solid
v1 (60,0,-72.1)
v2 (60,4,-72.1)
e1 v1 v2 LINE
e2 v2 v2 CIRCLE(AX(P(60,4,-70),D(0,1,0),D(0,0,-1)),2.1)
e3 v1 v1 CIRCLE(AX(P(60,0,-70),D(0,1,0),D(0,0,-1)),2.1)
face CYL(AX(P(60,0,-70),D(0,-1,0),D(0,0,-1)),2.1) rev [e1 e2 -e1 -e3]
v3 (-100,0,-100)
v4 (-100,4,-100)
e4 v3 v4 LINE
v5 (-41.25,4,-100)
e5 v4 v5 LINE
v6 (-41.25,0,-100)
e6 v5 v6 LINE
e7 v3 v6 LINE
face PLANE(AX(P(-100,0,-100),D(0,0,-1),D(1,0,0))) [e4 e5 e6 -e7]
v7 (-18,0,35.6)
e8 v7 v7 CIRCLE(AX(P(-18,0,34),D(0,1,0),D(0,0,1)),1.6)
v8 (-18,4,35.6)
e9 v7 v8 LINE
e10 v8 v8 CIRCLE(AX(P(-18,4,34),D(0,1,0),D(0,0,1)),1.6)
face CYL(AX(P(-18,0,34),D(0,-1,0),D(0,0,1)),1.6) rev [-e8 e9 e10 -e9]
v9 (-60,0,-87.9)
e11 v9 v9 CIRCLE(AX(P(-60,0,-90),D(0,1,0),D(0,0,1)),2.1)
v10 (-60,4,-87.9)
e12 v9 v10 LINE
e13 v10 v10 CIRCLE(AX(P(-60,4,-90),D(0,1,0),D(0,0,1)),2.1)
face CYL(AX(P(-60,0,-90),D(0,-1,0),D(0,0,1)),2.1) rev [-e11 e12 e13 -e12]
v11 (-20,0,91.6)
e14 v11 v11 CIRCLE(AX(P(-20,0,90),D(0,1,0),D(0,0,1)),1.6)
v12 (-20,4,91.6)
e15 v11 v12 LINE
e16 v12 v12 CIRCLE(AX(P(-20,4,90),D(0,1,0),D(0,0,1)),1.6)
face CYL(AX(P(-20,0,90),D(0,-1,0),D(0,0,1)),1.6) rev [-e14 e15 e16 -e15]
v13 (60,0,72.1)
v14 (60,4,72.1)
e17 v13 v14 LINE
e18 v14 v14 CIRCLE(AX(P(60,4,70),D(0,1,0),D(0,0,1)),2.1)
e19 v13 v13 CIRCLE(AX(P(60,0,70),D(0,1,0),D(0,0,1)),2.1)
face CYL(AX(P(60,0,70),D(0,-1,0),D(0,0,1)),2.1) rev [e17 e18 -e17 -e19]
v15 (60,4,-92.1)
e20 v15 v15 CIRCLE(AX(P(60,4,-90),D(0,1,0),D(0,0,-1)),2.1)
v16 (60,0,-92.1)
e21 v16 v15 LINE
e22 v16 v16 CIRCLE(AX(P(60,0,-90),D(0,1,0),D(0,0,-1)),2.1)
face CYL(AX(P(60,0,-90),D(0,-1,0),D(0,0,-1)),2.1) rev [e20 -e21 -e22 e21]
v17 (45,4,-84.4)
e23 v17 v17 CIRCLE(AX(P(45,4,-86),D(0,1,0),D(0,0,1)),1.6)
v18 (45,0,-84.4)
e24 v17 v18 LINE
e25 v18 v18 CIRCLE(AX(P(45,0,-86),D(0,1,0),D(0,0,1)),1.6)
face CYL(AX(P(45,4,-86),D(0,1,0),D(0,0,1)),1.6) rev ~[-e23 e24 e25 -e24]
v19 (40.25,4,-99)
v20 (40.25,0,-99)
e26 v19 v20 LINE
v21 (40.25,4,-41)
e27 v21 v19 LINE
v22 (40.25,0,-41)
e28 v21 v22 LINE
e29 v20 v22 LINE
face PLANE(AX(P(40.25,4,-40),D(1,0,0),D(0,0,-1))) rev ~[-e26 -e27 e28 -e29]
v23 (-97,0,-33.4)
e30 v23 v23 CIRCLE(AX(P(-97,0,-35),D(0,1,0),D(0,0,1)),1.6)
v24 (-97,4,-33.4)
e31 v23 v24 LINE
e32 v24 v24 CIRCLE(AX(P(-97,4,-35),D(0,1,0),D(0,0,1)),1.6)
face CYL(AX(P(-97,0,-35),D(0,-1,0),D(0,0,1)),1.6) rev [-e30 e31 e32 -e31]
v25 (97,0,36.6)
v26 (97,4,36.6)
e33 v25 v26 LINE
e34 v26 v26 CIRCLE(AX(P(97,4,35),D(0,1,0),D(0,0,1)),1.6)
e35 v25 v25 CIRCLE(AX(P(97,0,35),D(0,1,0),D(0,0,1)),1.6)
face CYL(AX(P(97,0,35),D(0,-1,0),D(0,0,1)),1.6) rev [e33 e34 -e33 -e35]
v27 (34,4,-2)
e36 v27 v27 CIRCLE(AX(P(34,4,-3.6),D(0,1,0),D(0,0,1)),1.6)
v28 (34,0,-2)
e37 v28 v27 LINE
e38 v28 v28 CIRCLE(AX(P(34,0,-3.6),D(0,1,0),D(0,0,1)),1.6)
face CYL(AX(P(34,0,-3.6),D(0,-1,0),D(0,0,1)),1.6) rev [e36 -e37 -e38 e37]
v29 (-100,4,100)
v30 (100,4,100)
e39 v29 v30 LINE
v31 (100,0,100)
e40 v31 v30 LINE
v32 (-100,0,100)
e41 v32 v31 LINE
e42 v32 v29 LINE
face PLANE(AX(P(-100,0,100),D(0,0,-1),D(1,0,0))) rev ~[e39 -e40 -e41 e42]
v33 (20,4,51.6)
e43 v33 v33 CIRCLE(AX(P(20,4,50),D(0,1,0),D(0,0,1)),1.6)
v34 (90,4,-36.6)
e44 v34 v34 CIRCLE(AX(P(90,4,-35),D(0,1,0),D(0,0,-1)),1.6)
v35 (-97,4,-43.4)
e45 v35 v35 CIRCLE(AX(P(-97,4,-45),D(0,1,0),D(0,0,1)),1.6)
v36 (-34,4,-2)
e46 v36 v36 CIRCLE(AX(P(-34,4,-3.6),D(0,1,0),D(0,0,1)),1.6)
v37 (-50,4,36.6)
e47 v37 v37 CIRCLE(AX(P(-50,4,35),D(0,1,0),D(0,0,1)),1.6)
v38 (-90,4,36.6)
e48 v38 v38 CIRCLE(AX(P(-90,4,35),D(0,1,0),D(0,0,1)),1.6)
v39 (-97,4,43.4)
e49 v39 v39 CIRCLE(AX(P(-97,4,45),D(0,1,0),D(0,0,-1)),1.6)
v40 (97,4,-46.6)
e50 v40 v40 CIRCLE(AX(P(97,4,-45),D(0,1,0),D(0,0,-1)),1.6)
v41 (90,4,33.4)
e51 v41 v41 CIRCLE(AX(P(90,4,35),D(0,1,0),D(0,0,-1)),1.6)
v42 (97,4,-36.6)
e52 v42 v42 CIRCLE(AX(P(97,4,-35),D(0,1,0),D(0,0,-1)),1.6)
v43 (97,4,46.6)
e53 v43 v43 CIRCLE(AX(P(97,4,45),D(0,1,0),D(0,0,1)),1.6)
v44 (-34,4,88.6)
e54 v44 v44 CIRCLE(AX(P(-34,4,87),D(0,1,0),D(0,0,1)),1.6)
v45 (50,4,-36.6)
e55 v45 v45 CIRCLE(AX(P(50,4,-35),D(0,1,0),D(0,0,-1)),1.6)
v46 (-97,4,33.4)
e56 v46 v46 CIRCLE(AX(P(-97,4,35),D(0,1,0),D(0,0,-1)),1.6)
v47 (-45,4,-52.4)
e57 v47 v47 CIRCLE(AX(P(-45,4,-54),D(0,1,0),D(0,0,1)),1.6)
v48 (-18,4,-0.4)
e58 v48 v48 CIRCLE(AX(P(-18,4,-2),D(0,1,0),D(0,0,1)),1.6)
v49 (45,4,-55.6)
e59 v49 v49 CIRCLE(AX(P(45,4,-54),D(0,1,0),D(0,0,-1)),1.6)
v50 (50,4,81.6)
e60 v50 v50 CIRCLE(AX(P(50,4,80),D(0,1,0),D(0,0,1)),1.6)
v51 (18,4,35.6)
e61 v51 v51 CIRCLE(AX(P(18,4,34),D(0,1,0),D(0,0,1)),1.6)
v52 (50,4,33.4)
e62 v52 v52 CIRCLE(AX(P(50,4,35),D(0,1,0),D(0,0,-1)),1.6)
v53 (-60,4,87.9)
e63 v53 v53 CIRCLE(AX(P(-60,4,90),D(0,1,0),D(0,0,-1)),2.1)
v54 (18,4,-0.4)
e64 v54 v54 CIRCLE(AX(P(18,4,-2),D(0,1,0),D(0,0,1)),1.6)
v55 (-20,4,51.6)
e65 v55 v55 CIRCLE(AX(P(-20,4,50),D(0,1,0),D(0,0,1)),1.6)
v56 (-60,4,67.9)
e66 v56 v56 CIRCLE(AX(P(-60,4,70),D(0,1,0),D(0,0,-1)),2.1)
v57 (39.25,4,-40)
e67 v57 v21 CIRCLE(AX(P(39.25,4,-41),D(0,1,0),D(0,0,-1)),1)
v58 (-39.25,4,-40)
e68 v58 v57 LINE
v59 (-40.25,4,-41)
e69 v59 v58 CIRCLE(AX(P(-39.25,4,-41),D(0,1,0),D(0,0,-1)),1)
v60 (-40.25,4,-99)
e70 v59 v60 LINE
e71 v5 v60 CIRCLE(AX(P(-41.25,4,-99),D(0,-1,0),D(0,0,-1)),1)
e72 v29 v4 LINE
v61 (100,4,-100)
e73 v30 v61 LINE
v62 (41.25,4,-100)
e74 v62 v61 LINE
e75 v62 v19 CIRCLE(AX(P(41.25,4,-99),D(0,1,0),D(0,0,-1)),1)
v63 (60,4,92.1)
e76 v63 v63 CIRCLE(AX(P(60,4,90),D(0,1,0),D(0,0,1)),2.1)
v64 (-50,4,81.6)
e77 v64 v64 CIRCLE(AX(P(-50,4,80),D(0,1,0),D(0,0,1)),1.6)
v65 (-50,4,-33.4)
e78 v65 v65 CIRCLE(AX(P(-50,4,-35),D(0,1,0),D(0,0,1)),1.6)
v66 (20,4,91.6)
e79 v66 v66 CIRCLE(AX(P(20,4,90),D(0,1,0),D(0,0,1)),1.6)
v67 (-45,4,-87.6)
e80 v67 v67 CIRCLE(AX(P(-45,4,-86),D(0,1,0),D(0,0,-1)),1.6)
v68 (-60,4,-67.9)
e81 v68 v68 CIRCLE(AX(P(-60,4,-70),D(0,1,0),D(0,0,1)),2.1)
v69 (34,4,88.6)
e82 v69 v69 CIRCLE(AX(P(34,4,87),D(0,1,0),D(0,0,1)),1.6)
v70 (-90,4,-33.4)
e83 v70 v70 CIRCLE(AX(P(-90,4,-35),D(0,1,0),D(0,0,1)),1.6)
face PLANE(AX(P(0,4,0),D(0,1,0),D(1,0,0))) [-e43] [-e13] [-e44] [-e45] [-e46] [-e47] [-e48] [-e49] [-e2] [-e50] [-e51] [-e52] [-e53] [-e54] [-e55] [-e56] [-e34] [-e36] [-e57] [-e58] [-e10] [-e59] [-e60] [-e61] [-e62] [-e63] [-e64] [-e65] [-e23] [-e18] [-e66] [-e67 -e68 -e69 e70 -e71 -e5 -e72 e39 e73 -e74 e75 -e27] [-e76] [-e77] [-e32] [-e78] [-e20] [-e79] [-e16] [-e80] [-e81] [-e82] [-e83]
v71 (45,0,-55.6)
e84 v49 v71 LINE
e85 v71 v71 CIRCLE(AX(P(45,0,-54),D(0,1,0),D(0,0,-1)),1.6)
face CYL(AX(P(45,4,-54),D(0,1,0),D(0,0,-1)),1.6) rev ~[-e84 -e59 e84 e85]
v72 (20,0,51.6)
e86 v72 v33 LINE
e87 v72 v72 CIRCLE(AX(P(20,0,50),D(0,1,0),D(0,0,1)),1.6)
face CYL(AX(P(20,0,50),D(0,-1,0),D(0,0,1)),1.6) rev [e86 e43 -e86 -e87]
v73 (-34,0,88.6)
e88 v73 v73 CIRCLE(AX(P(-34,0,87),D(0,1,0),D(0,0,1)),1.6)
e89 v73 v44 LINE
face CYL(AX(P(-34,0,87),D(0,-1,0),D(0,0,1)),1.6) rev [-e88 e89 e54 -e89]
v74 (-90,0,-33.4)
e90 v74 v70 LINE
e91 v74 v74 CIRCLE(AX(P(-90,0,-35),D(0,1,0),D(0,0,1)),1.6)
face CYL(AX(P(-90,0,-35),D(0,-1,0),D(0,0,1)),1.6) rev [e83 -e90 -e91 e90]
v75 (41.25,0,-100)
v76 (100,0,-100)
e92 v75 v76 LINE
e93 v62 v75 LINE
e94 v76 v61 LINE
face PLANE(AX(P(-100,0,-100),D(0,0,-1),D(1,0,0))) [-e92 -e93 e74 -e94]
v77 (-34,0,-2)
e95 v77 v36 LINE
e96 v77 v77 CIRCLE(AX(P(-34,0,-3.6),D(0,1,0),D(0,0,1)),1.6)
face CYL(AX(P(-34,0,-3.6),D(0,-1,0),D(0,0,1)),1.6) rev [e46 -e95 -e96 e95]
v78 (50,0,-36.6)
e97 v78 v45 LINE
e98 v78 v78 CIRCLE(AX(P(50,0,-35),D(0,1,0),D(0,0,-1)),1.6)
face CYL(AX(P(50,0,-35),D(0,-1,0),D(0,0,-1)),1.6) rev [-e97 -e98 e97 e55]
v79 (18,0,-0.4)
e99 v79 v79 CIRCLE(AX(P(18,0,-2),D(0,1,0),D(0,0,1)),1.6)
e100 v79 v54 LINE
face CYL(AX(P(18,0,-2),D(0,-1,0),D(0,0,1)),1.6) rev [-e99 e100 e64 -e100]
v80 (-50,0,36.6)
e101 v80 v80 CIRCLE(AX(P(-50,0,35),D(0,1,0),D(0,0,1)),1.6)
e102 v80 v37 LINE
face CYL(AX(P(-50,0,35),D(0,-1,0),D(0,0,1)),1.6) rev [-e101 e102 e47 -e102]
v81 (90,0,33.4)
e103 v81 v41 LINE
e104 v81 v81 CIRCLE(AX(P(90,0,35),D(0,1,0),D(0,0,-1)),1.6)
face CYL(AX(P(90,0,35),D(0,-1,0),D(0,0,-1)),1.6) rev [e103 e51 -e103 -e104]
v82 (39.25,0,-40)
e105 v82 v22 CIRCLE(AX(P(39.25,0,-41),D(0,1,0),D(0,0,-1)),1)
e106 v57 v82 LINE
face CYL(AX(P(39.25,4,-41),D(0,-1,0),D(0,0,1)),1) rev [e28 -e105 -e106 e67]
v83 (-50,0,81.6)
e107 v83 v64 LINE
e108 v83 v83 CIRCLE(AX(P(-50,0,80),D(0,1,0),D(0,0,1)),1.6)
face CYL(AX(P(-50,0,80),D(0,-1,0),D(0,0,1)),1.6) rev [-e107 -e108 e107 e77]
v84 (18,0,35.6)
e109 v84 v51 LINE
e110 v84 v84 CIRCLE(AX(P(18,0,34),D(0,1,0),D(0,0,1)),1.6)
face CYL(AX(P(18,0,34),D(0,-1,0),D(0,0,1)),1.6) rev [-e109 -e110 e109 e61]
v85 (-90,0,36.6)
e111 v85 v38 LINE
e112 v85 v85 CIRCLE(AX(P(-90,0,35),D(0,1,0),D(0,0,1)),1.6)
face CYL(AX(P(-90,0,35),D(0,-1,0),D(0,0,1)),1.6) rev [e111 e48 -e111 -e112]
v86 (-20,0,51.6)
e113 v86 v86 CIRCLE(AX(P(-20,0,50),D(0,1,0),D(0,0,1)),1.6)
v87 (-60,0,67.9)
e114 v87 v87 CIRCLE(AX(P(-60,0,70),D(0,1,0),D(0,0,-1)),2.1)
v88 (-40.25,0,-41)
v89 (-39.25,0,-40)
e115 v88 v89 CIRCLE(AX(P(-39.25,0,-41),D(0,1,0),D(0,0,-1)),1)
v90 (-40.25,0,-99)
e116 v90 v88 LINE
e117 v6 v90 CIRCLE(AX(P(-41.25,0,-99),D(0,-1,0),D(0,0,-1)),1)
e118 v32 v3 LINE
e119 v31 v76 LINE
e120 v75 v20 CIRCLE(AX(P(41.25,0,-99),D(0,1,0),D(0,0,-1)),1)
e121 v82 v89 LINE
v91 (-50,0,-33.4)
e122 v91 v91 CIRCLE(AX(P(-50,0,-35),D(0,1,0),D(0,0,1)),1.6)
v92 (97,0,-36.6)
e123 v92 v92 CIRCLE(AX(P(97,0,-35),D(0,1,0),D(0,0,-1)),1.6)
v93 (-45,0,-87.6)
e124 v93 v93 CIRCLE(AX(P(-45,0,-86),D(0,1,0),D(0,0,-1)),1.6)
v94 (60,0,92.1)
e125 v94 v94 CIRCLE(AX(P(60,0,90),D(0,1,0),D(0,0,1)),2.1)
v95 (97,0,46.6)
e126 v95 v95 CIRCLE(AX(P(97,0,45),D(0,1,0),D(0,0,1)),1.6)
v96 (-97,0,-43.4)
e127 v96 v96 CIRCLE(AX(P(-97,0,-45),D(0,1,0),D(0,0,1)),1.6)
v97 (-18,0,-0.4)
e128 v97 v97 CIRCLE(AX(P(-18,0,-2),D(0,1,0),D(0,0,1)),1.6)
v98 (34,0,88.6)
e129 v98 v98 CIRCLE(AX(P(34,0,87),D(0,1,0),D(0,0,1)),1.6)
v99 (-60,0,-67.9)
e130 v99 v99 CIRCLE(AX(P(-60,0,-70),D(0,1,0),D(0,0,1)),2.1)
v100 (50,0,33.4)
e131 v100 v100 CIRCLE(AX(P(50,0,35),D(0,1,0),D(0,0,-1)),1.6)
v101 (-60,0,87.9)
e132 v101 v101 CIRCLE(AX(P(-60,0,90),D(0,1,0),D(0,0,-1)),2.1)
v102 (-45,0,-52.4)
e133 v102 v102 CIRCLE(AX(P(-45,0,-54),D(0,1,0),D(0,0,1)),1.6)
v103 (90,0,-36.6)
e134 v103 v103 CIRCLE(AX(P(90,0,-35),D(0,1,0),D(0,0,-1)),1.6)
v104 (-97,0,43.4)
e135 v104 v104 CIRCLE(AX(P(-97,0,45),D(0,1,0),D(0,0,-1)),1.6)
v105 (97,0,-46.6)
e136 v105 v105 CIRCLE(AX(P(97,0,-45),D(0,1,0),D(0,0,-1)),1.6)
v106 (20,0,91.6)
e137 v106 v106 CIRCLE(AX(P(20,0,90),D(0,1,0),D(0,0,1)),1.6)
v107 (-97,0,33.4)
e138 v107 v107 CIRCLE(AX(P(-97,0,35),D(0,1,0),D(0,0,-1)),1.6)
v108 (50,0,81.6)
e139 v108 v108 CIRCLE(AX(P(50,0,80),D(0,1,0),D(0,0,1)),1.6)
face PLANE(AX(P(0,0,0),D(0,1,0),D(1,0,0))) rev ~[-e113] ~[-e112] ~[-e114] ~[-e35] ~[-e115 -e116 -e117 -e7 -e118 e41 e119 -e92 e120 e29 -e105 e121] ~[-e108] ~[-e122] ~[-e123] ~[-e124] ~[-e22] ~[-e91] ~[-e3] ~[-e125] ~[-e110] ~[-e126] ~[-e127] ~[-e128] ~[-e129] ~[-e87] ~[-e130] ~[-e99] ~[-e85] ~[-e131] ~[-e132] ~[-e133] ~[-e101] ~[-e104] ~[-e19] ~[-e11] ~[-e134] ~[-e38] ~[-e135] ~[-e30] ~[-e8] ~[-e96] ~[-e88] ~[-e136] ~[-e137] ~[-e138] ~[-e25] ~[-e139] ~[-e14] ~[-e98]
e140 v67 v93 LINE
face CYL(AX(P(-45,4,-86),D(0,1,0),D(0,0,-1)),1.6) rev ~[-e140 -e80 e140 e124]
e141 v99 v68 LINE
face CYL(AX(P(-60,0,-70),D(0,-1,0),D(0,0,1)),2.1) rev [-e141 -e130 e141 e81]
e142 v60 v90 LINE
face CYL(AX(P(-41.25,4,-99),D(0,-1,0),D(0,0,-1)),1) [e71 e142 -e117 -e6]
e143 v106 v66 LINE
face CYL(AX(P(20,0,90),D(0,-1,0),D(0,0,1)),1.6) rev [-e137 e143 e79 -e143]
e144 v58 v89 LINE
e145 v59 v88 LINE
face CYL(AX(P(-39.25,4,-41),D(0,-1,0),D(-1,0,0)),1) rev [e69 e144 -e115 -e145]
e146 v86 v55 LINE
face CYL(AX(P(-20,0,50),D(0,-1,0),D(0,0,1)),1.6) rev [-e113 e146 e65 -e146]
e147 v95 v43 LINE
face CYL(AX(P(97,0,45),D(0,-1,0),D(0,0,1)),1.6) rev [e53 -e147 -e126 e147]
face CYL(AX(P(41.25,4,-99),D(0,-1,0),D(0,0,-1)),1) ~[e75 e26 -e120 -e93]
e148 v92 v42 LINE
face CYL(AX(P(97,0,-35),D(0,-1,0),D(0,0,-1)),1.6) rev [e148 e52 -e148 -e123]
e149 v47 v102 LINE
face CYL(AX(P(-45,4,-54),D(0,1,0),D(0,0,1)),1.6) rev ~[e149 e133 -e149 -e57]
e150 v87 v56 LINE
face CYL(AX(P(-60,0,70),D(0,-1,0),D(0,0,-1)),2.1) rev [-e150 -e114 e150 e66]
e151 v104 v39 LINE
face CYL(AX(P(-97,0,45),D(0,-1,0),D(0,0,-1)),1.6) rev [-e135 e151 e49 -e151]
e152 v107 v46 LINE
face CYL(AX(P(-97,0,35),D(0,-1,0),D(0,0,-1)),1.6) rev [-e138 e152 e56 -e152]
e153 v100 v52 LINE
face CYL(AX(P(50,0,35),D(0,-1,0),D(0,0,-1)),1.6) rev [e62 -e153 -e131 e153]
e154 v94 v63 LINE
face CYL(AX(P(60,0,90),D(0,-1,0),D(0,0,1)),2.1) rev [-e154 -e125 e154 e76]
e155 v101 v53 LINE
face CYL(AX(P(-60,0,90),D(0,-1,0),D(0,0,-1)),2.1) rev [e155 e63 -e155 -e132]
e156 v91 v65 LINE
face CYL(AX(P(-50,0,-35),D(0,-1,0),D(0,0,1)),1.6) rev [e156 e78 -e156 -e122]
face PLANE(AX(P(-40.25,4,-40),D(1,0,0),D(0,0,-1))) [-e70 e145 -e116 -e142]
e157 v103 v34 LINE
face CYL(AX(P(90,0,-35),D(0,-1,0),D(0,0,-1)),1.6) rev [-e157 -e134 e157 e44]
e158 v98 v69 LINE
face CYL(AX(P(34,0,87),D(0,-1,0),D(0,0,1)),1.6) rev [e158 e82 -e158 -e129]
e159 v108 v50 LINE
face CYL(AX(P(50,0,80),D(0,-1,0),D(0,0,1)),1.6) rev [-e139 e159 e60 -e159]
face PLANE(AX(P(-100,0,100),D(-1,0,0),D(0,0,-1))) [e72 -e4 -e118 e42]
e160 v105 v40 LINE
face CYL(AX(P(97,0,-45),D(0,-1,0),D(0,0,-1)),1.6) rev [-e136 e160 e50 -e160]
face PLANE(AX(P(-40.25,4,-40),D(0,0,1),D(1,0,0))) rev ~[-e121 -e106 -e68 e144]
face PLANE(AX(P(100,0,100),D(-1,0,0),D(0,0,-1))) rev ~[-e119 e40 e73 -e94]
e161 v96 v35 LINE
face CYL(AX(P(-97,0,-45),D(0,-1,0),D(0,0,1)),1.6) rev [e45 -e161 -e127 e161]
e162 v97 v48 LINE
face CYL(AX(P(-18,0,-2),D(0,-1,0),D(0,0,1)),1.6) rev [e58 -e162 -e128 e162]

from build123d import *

# Parameters (mm, degrees)
SKETCH_1_W          = 200
SKETCH_1_H          = 200
SKETCH_1_R          = 1.6
SKETCH_1_R_2        = 2.1
EXTRUDE_1_DEPTH     = 4
CUT_EXTRUDE_1_REACH = 143.478
SKETCH_2_R          = 1.6
SKETCH_2_W          = 80.5
SKETCH_2_H          = 60
CUT_EXTRUDE_START   = -4
SKETCH_3_R          = 1.6
CUT_EXTRUDE_2_DEPTH = 4
FILLET_1_R          = 1


with BuildPart() as part:
    # 草图1 → 凸台-拉伸1 (new body)
    with BuildSketch(Plane(origin=(0, 0, 0), x_dir=(1, 0, 0), z_dir=(0, 1, 0))):
        Rectangle(SKETCH_1_W, SKETCH_1_H)
        with Locations(Location((-97, 35, 0), (0, 0, 270))):
            Circle(SKETCH_1_R, mode=Mode.SUBTRACT)
        with Locations(Location((-97, 45, 0), (0, 0, 270))):
            Circle(SKETCH_1_R, mode=Mode.SUBTRACT)
        with Locations(Location((-97, -45, 0), (0, 0, 90))):
            Circle(SKETCH_1_R, mode=Mode.SUBTRACT)
        with Locations(Location((-97, -35, 0), (0, 0, 90))):
            Circle(SKETCH_1_R, mode=Mode.SUBTRACT)
        with Locations(Location((97, -45, 0), (0, 0, 270))):
            Circle(SKETCH_1_R, mode=Mode.SUBTRACT)
        with Locations(Location((97, -35, 0), (0, 0, 270))):
            Circle(SKETCH_1_R, mode=Mode.SUBTRACT)
        with Locations(Location((97, 35, 0), (0, 0, 90))):
            Circle(SKETCH_1_R, mode=Mode.SUBTRACT)
        with Locations(Location((97, 45, 0), (0, 0, 90))):
            Circle(SKETCH_1_R, mode=Mode.SUBTRACT)
        with Locations(Location((-18, -34, 0), (0, 0, 270))):
            Circle(SKETCH_1_R, mode=Mode.SUBTRACT)
        with Locations(Location((18, -34, 0), (0, 0, 270))):
            Circle(SKETCH_1_R, mode=Mode.SUBTRACT)
        with Locations(Location((18, 2, 0), (0, 0, 270))):
            Circle(SKETCH_1_R, mode=Mode.SUBTRACT)
        with Locations(Location((-18, 2, 0), (0, 0, 270))):
            Circle(SKETCH_1_R, mode=Mode.SUBTRACT)
        with Locations(Location((-34, -87, 0), (0, 0, 270))):
            Circle(SKETCH_1_R, mode=Mode.SUBTRACT)
        with Locations(Location((34, -87, 0), (0, 0, 270))):
            Circle(SKETCH_1_R, mode=Mode.SUBTRACT)
        with Locations(Location((34, 3.6, 0), (0, 0, 270))):
            Circle(SKETCH_1_R, mode=Mode.SUBTRACT)
        with Locations(Location((-34, 3.6, 0), (0, 0, 270))):
            Circle(SKETCH_1_R, mode=Mode.SUBTRACT)
        with Locations(Location((-60, 90, 0), (0, 0, 270))):
            Circle(SKETCH_1_R_2, mode=Mode.SUBTRACT)
        with Locations(Location((-60, 70, 0), (0, 0, 270))):
            Circle(SKETCH_1_R_2, mode=Mode.SUBTRACT)
        with Locations(Location((60, 70, 0), (0, 0, 90))):
            Circle(SKETCH_1_R_2, mode=Mode.SUBTRACT)
        with Locations(Location((60, 90, 0), (0, 0, 90))):
            Circle(SKETCH_1_R_2, mode=Mode.SUBTRACT)
        with Locations(Location((60, -70, 0), (0, 0, 270))):
            Circle(SKETCH_1_R_2, mode=Mode.SUBTRACT)
        with Locations(Location((60, -90, 0), (0, 0, 270))):
            Circle(SKETCH_1_R_2, mode=Mode.SUBTRACT)
        with Locations(Location((-60, -70, 0), (0, 0, 90))):
            Circle(SKETCH_1_R_2, mode=Mode.SUBTRACT)
        with Locations(Location((-60, -90, 0), (0, 0, 90))):
            Circle(SKETCH_1_R_2, mode=Mode.SUBTRACT)
        with Locations(Location((-90, 35, 0), (0, 0, 270))):
            Circle(SKETCH_1_R, mode=Mode.SUBTRACT)
        with Locations(Location((-50, 35, 0), (0, 0, 270))):
            Circle(SKETCH_1_R, mode=Mode.SUBTRACT)
        with Locations(Location((-50, -35, 0), (0, 0, 270))):
            Circle(SKETCH_1_R, mode=Mode.SUBTRACT)
        with Locations(Location((-90, -35, 0), (0, 0, 270))):
            Circle(SKETCH_1_R, mode=Mode.SUBTRACT)
        with Locations(Location((90, 35, 0), (0, 0, 90))):
            Circle(SKETCH_1_R, mode=Mode.SUBTRACT)
        with Locations(Location((50, 35, 0), (0, 0, 90))):
            Circle(SKETCH_1_R, mode=Mode.SUBTRACT)
        with Locations(Location((50, -35, 0), (0, 0, 90))):
            Circle(SKETCH_1_R, mode=Mode.SUBTRACT)
        with Locations(Location((90, -35, 0), (0, 0, 90))):
            Circle(SKETCH_1_R, mode=Mode.SUBTRACT)
        with Locations(Location((-20, -50, 0), (0, 0, 270))):
            Circle(SKETCH_1_R, mode=Mode.SUBTRACT)
        with Locations(Location((20, -50, 0), (0, 0, 270))):
            Circle(SKETCH_1_R, mode=Mode.SUBTRACT)
        with Locations(Location((20, -90, 0), (0, 0, 270))):
            Circle(SKETCH_1_R, mode=Mode.SUBTRACT)
        with Locations(Location((-20, -90, 0), (0, 0, 270))):
            Circle(SKETCH_1_R, mode=Mode.SUBTRACT)
    extrude(amount=EXTRUDE_1_DEPTH)

    # 草图2 → 切除-拉伸1 (cut, up to next)
    with BuildSketch(Plane(origin=(0, 4, 0), x_dir=(1, 0, 0), z_dir=(0, 1, 0)), mode=Mode.PRIVATE) as cut_extrude_1_sk1:
        with Locations(Location((45, 86, 0), (0, 0, 270))):
            Circle(SKETCH_2_R)
    cut_extrude_1_tool1 = extrude(cut_extrude_1_sk1.sketch, amount=-CUT_EXTRUDE_1_REACH, mode=Mode.PRIVATE) & part.part
    # 草图2 → 切除-拉伸1 (cut, up to next)
    with BuildSketch(Plane(origin=(0, 4, 0), x_dir=(1, 0, 0), z_dir=(0, 1, 0)), mode=Mode.PRIVATE) as cut_extrude_1_sk2:
        with Locations(Location((45, 54, 0), (0, 0, 90))):
            Circle(SKETCH_2_R)
    cut_extrude_1_tool2 = extrude(cut_extrude_1_sk2.sketch, amount=-CUT_EXTRUDE_1_REACH, mode=Mode.PRIVATE) & part.part
    # 草图2 → 切除-拉伸1 (cut, up to next)
    with BuildSketch(Plane(origin=(0, 4, 0), x_dir=(1, 0, 0), z_dir=(0, 1, 0)), mode=Mode.PRIVATE) as cut_extrude_1_sk3:
        with Locations(Location((-45, 54, 0), (0, 0, 270))):
            Circle(SKETCH_2_R)
    cut_extrude_1_tool3 = extrude(cut_extrude_1_sk3.sketch, amount=-CUT_EXTRUDE_1_REACH, mode=Mode.PRIVATE) & part.part
    # 草图2 → 切除-拉伸1 (cut, up to next)
    with BuildSketch(Plane(origin=(0, 4, 0), x_dir=(1, 0, 0), z_dir=(0, 1, 0)), mode=Mode.PRIVATE) as cut_extrude_1_sk4:
        with Locations(Location((-45, 86, 0), (0, 0, 90))):
            Circle(SKETCH_2_R)
    cut_extrude_1_tool4 = extrude(cut_extrude_1_sk4.sketch, amount=-CUT_EXTRUDE_1_REACH, mode=Mode.PRIVATE) & part.part
    # 草图2 → 切除-拉伸1 (cut, up to next)
    with BuildSketch(Plane(origin=(0, 4, 0), x_dir=(1, 0, 0), z_dir=(0, 1, 0)), mode=Mode.PRIVATE) as cut_extrude_1_sk5:
        with Locations((0, 70)):
            Rectangle(SKETCH_2_W, SKETCH_2_H)
    cut_extrude_1_tool5 = extrude(cut_extrude_1_sk5.sketch, amount=-CUT_EXTRUDE_1_REACH, mode=Mode.PRIVATE) & part.part
    add(cut_extrude_1_tool1.solids().sort_by_distance((45, 4, -86))[0], mode=Mode.SUBTRACT)
    add(cut_extrude_1_tool2.solids().sort_by_distance((45, 4, -54))[0], mode=Mode.SUBTRACT)
    add(cut_extrude_1_tool3.solids().sort_by_distance((-45, 4, -54))[0], mode=Mode.SUBTRACT)
    add(cut_extrude_1_tool4.solids().sort_by_distance((-45, 4, -86))[0], mode=Mode.SUBTRACT)
    add(cut_extrude_1_tool5.solids().sort_by_distance((0, 4, -70))[0], mode=Mode.SUBTRACT)

    # 草图3 → 切除-拉伸2 (cut)
    with BuildSketch(Plane(origin=(0, 4, 0), x_dir=(1, 0, 0), z_dir=(0, 1, 0)).offset(CUT_EXTRUDE_START)):
        with Locations(Location((-50, -80, 0), (0, 0, 270))):
            Circle(SKETCH_3_R)
        with Locations(Location((50, -80, 0), (0, 0, 270))):
            Circle(SKETCH_3_R)
        with Locations(Location((50, 35, 0), (0, 0, 90))):
            Circle(SKETCH_3_R)
        with Locations(Location((-50, 35, 0), (0, 0, 270))):
            Circle(SKETCH_3_R)
    extrude(amount=CUT_EXTRUDE_2_DEPTH, mode=Mode.SUBTRACT)

    # 圆角1
    fillet_1_edges = [part.edges().sort_by_distance(p)[0] for p in [
        (40.25, 2, -100),
        (40.25, 2, -40),
        (-40.25, 2, -40),
        (-40.25, 2, -100),
    ]]
    fillet(fillet_1_edges, radius=FILLET_1_R)


solid = part.part
